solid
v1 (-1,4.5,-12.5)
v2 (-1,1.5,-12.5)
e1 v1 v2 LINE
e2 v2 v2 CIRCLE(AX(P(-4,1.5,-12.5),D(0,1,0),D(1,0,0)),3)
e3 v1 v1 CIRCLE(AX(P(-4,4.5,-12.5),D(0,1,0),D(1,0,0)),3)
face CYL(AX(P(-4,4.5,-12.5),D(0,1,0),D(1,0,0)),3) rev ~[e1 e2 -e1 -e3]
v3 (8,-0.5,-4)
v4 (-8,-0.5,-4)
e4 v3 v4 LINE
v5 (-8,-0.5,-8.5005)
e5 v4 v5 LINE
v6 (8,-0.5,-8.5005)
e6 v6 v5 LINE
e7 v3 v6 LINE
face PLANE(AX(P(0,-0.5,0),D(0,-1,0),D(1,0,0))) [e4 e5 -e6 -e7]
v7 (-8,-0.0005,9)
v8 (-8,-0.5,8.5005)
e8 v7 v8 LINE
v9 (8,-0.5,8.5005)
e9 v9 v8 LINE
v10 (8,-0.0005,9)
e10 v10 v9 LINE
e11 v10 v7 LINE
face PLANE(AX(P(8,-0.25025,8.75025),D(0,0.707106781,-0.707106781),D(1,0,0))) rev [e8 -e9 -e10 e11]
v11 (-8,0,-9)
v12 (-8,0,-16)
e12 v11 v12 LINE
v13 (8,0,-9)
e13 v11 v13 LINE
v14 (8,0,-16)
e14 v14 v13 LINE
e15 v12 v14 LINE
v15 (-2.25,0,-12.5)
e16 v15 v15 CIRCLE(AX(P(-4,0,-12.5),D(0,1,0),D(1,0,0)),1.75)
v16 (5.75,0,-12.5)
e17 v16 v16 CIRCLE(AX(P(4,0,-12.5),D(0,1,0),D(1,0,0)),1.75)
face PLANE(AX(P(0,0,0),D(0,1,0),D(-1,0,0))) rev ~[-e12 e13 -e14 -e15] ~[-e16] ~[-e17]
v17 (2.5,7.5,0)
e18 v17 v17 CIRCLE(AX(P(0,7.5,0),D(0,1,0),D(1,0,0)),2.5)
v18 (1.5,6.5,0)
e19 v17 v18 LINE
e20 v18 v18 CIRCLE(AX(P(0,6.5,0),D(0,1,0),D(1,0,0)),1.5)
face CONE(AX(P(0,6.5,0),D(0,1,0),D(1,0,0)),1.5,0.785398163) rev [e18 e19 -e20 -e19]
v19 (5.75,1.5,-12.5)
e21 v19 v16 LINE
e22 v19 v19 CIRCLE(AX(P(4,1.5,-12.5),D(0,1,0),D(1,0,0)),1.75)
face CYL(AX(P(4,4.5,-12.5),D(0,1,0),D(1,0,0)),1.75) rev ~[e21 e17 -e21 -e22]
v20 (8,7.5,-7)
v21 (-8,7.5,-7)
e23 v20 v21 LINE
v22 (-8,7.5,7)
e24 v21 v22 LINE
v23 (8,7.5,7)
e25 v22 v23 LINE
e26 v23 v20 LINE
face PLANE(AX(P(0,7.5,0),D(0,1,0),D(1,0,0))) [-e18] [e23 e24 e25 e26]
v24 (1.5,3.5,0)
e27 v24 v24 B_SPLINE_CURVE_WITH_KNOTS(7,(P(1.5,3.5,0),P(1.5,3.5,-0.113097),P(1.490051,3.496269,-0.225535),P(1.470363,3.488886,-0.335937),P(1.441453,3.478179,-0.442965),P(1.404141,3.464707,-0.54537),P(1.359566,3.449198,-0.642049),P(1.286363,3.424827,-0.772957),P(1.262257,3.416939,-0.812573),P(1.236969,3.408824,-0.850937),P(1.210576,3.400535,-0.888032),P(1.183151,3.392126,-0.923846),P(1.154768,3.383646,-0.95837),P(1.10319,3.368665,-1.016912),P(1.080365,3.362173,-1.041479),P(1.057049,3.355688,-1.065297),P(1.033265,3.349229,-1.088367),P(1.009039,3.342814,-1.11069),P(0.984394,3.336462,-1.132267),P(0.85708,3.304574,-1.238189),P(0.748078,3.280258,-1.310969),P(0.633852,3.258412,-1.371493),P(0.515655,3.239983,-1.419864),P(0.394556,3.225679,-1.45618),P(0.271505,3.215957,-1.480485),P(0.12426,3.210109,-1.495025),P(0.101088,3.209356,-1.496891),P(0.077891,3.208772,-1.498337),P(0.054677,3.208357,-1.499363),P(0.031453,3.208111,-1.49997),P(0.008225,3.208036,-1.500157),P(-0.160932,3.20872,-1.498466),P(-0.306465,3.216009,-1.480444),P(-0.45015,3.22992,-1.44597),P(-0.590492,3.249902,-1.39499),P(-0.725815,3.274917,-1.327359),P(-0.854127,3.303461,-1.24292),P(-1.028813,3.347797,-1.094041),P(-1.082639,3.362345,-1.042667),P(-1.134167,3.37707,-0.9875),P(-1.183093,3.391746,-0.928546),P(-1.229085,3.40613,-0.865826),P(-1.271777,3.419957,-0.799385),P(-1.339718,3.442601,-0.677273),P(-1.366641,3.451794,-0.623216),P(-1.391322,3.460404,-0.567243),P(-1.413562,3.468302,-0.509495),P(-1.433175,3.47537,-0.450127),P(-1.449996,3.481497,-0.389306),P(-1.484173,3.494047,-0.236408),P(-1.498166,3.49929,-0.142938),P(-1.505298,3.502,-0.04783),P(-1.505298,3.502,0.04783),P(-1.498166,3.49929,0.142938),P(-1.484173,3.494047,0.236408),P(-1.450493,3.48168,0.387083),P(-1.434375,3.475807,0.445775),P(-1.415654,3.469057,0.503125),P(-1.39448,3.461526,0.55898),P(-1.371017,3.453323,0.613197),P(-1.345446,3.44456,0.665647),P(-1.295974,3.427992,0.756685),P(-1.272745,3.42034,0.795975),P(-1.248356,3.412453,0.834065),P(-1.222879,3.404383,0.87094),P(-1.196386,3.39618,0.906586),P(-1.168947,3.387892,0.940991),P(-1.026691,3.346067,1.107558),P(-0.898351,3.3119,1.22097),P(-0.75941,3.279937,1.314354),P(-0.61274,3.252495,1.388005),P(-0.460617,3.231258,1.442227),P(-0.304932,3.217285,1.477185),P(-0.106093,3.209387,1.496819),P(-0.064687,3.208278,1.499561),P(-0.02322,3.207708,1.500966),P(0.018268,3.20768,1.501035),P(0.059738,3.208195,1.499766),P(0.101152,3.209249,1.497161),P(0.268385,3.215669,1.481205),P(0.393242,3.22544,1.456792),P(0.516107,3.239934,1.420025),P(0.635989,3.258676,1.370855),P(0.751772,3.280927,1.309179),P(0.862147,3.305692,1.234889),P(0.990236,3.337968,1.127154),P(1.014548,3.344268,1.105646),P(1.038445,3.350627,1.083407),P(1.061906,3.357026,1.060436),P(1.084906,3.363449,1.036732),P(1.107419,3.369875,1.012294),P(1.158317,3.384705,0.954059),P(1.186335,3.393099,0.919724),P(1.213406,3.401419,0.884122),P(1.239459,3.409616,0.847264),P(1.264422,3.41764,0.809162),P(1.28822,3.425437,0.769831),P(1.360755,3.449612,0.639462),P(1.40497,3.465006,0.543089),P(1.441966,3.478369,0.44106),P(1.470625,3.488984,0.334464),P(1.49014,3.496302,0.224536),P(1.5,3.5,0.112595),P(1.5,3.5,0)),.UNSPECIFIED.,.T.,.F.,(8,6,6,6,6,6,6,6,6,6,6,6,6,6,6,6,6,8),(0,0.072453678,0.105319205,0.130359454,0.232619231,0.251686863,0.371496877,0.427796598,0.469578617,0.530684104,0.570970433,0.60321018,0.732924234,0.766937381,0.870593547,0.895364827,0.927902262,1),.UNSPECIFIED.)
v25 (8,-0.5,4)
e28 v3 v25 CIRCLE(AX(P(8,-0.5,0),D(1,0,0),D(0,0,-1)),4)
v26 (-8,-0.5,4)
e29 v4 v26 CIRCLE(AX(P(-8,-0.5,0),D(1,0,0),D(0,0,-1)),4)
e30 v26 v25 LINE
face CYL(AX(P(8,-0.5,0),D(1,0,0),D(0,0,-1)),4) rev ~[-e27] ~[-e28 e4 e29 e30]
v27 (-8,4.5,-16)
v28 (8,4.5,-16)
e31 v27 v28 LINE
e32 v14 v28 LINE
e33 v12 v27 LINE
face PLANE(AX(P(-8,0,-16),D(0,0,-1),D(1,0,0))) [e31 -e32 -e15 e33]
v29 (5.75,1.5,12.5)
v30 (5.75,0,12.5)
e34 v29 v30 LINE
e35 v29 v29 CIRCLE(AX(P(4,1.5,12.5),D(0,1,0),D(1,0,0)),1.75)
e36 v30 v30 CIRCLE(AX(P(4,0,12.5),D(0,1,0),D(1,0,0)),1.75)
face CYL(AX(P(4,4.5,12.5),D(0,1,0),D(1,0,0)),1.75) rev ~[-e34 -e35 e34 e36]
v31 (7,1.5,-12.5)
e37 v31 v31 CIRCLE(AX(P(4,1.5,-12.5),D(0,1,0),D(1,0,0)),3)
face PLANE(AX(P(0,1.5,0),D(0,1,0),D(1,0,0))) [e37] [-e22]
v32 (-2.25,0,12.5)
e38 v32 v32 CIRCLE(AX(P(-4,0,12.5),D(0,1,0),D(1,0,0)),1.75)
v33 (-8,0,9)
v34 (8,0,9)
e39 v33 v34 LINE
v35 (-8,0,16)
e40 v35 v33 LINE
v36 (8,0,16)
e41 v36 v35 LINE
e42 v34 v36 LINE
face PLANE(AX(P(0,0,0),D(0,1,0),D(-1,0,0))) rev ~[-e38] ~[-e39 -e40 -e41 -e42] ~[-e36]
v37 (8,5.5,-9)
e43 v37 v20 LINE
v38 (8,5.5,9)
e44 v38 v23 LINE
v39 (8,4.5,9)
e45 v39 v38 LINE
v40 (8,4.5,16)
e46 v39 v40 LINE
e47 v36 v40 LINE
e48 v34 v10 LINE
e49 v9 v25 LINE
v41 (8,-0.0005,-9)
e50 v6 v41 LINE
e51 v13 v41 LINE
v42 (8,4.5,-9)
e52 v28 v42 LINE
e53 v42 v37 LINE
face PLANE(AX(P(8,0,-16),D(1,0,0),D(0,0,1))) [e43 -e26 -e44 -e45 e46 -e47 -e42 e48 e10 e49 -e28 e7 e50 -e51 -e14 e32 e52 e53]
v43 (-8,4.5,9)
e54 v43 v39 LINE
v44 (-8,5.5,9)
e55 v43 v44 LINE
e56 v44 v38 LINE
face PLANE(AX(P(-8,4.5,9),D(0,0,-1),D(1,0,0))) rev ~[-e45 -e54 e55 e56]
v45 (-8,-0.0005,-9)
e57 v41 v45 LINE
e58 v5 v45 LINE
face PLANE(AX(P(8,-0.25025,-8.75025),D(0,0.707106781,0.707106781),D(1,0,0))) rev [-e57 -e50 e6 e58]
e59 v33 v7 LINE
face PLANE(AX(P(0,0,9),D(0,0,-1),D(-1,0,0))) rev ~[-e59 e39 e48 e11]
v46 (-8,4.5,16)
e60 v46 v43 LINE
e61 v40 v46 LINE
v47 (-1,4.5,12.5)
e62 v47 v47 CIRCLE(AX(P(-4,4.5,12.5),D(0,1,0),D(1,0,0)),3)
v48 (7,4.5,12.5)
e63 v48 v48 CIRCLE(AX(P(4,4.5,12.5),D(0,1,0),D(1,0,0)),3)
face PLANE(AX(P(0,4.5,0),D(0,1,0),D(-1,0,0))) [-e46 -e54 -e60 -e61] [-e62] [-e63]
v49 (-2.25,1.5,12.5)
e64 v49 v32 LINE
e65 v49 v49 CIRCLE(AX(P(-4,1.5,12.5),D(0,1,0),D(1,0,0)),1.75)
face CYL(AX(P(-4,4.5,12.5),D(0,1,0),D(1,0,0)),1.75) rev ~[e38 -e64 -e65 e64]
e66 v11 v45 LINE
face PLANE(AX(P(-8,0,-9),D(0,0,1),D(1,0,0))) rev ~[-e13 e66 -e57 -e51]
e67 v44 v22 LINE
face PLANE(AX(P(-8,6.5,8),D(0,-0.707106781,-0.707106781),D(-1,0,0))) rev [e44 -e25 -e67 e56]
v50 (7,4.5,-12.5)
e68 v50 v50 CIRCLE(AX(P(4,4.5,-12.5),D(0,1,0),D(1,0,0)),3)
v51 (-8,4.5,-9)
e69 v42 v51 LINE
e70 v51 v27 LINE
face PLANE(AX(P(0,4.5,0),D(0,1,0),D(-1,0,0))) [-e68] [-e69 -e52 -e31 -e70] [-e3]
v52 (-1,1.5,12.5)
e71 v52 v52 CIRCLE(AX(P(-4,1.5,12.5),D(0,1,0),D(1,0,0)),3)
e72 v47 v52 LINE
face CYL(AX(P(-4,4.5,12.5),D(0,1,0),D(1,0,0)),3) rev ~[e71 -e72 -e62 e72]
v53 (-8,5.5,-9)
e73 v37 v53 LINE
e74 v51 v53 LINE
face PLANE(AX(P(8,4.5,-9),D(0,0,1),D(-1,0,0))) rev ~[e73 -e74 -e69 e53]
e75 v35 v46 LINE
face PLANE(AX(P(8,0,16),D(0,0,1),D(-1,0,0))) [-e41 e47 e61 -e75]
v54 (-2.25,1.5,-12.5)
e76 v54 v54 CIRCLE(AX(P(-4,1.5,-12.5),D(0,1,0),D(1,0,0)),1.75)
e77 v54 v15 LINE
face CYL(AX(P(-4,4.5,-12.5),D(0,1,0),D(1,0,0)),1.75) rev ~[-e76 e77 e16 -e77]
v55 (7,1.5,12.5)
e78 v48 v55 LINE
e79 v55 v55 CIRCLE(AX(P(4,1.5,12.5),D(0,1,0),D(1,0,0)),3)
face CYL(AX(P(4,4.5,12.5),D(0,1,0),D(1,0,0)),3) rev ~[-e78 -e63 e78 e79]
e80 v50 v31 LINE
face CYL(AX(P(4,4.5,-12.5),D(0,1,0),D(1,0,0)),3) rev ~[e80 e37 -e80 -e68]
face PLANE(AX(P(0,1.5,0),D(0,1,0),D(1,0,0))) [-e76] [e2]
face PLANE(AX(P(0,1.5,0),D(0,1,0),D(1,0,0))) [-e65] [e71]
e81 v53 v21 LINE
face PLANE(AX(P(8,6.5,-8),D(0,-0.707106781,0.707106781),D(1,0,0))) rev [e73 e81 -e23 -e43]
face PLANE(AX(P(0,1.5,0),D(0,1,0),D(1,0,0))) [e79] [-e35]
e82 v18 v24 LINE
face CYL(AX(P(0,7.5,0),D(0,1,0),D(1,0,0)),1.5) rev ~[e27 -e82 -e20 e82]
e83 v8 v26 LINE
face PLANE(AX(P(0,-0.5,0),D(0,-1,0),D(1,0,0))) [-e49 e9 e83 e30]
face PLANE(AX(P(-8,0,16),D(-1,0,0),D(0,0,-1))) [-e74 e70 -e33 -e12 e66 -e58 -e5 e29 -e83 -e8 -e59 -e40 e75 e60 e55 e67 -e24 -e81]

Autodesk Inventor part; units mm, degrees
ref_plane "YZ Plane" through (0, 0, 0) normal (1, 0, 0) x (0, 1, 0)
ref_plane "XZ Plane" through (0, 0, 0) normal (0, 1, 0) x (-1, 0, 0)
ref_plane "XY Plane" through (0, 0, 0) normal (0, 0, 1) x (1, 0, 0)
sketch "Sketch3" plane through (0, 0, 0) normal (0, 1, 0) x (-1, 0, 0)
  line L0 (-8, 16) -> (8, 16)
  line L1 (8, 16) -> (8, -16)
  line L2 (8, -16) -> (-8, -16)
  line L3 (-8, -16) -> (-8, 16)
  line L4 (-8, 16) -> (8, -16) construction
  line L5 (8, 16) -> (-8, -16) construction
  point P0 (0, 0)
  dimension "d7" = 16
  dimension "d8" = 32
extrude "Extrusion1" add sketch "Sketch3" along normal blind 4.5
sketch "Sketch4" plane through (0, 0, 0) normal (0, -1, 0) x (1, 0, 0)
  line L0 (0, 0) -> (0, 9)
  line L1 (0, 9) -> (0, -9)
  line L2 (8, 16) -> (8, -16) projected
  line L3 (-8, -9) -> (8, -9)
  line L4 (8, -9) -> (8, 9)
  line L5 (8, 9) -> (-8, 9)
  line L6 (-8, 9) -> (-8, -9)
  line L7 (-8, -9) -> (8, 9) construction
  line L8 (8, -9) -> (-8, 9) construction
  dimension "d11" = 9
  dimension "d12" = 18
  dimension "d13" = 41.633
extrude "Extrusion2" add sketch "Sketch4" along normal blind 0.5
chamfer "Chamfer1" distance 0.5 angle 45 1 edges at (0, -0.5, 9)
chamfer "Chamfer2" distance 0.5 angle 45 1 edges at (0, -0.5, -9)
sketch "Sketch5" plane through (0, 4.5, 0) normal (0, 1, 0) x (1, 0, 0)
  line L0 (8, -16) -> (8, 16) projected
  line L1 (-8, -9) -> (8, -9)
  line L2 (8, -9) -> (8, 9)
  line L3 (8, 9) -> (-8, 9)
  line L4 (-8, 9) -> (-8, -9)
  line L5 (-8, -9) -> (8, 9) construction
  line L6 (8, -9) -> (-8, 9) construction
  point P0 (0, 0)
  dimension "d22" = 18
extrude "Extrusion3" add sketch "Sketch5" along normal blind 3
chamfer "Chamfer3" distance 2 angle 45 2 edges at (0, 7.5, 9) (0, 7.5, -9)
sketch "Sketch6" plane through (0, 4.5, 0) normal (0, 1, 0) x (1, 0, 0)
  line L0 (-8, -9) -> (-8, -16) construction
  line L1 (-8, -12.5) -> (8, -12.5) construction
  line L2 (8, -9) -> (8, -16) construction
  circle A0 centre (4, -12.5) radius 3 construction
  line L3 (8, -16) -> (-8, -16) construction
  line L4 (0, -16) -> (0, 17.9963) construction
  circle A1 centre (-4, -12.5) radius 3 construction
  line L5 (-8, -8.5) -> (-8, 8.5) construction
  line L6 (-8, 0) -> (8, 0) construction
  line L7 (8, 8.5) -> (8, -8.5) construction
  circle A2 centre (4, 12.5) radius 3 construction
  circle A3 centre (-4, 12.5) radius 3 construction
  circle A4 centre (4, -12.5) radius 3
  circle A5 centre (-4, -12.5) radius 3 construction
  circle A6 centre (-4, -12.5) radius 3
  circle A7 centre (4, 12.5) radius 3 construction
  circle A8 centre (-4, 12.5) radius 3 construction
  circle A9 centre (4, 12.5) radius 3
  circle A10 centre (-4, 12.5) radius 3 construction
  circle A11 centre (-4, 12.5) radius 3
  point P0 (0, 0)
  dimension "d28" = 6
  dimension "d29" = 4
  dimension "d30" = 33.9963
extrude "Extrusion4" cut sketch "Sketch6" against normal blind 3
sketch "Sketch7" plane through (0, 4.5, 0) normal (0, 1, 0) x (1, 0, 0)
  circle A0 centre (-4, -12.5) radius 3 construction
  line L0 (-7, -12.5) -> (-4, -12.5) construction
  circle A1 centre (4, -12.5) radius 3 construction
  line L1 (-4, -12.5) -> (4, -12.5) construction
  circle A2 centre (4, 12.5) radius 3 construction
  line L2 (4, -12.5) -> (4, 12.5) construction
  circle A3 centre (-4, 12.5) radius 3 construction
  line L3 (4, 12.5) -> (-4, 12.5) construction
  circle A4 centre (-4, -12.5) radius 1.75
  circle A5 centre (4, -12.5) radius 1.75
  circle A6 centre (4, 12.5) radius 1.75
  circle A7 centre (-4, 12.5) radius 1.75
  point P0 (0, 0)
  dimension "d33" = 3.5
  dimension "d34" = 3.5
  dimension "d35" = 3.5
  dimension "d36" = 3.5
extrude "Extrusion5" cut sketch "Sketch7" against normal blind 5
sketch "Sketch8" plane through (0, 7.5, 0) normal (0, 1, 0) x (1, 0, 0)
  circle A0 centre (0, 0) radius 1.5
  dimension "d39" = 3
extrude "Extrusion6" cut sketch "Sketch8" against normal blind 99
chamfer "Chamfer4" distance 1 angle 45 1 edges at (-1.5, 7.5, 0)
sketch "Sketch9" plane through (8, 0, 16) normal (1, 0, 0) x (0, 0, -1)
  line L0 (17.5, -0.5) -> (14.5, -0.5) projected
  circle A0 centre (16, -0.5) radius 4
  point P0 (16, 0)
  dimension "d45" = 8
extrude "Extrusion7" cut sketch "Sketch9" against normal blind 99
properties part number "Upper Base Bearing Holder" material "Brass, Soft Yellow"
